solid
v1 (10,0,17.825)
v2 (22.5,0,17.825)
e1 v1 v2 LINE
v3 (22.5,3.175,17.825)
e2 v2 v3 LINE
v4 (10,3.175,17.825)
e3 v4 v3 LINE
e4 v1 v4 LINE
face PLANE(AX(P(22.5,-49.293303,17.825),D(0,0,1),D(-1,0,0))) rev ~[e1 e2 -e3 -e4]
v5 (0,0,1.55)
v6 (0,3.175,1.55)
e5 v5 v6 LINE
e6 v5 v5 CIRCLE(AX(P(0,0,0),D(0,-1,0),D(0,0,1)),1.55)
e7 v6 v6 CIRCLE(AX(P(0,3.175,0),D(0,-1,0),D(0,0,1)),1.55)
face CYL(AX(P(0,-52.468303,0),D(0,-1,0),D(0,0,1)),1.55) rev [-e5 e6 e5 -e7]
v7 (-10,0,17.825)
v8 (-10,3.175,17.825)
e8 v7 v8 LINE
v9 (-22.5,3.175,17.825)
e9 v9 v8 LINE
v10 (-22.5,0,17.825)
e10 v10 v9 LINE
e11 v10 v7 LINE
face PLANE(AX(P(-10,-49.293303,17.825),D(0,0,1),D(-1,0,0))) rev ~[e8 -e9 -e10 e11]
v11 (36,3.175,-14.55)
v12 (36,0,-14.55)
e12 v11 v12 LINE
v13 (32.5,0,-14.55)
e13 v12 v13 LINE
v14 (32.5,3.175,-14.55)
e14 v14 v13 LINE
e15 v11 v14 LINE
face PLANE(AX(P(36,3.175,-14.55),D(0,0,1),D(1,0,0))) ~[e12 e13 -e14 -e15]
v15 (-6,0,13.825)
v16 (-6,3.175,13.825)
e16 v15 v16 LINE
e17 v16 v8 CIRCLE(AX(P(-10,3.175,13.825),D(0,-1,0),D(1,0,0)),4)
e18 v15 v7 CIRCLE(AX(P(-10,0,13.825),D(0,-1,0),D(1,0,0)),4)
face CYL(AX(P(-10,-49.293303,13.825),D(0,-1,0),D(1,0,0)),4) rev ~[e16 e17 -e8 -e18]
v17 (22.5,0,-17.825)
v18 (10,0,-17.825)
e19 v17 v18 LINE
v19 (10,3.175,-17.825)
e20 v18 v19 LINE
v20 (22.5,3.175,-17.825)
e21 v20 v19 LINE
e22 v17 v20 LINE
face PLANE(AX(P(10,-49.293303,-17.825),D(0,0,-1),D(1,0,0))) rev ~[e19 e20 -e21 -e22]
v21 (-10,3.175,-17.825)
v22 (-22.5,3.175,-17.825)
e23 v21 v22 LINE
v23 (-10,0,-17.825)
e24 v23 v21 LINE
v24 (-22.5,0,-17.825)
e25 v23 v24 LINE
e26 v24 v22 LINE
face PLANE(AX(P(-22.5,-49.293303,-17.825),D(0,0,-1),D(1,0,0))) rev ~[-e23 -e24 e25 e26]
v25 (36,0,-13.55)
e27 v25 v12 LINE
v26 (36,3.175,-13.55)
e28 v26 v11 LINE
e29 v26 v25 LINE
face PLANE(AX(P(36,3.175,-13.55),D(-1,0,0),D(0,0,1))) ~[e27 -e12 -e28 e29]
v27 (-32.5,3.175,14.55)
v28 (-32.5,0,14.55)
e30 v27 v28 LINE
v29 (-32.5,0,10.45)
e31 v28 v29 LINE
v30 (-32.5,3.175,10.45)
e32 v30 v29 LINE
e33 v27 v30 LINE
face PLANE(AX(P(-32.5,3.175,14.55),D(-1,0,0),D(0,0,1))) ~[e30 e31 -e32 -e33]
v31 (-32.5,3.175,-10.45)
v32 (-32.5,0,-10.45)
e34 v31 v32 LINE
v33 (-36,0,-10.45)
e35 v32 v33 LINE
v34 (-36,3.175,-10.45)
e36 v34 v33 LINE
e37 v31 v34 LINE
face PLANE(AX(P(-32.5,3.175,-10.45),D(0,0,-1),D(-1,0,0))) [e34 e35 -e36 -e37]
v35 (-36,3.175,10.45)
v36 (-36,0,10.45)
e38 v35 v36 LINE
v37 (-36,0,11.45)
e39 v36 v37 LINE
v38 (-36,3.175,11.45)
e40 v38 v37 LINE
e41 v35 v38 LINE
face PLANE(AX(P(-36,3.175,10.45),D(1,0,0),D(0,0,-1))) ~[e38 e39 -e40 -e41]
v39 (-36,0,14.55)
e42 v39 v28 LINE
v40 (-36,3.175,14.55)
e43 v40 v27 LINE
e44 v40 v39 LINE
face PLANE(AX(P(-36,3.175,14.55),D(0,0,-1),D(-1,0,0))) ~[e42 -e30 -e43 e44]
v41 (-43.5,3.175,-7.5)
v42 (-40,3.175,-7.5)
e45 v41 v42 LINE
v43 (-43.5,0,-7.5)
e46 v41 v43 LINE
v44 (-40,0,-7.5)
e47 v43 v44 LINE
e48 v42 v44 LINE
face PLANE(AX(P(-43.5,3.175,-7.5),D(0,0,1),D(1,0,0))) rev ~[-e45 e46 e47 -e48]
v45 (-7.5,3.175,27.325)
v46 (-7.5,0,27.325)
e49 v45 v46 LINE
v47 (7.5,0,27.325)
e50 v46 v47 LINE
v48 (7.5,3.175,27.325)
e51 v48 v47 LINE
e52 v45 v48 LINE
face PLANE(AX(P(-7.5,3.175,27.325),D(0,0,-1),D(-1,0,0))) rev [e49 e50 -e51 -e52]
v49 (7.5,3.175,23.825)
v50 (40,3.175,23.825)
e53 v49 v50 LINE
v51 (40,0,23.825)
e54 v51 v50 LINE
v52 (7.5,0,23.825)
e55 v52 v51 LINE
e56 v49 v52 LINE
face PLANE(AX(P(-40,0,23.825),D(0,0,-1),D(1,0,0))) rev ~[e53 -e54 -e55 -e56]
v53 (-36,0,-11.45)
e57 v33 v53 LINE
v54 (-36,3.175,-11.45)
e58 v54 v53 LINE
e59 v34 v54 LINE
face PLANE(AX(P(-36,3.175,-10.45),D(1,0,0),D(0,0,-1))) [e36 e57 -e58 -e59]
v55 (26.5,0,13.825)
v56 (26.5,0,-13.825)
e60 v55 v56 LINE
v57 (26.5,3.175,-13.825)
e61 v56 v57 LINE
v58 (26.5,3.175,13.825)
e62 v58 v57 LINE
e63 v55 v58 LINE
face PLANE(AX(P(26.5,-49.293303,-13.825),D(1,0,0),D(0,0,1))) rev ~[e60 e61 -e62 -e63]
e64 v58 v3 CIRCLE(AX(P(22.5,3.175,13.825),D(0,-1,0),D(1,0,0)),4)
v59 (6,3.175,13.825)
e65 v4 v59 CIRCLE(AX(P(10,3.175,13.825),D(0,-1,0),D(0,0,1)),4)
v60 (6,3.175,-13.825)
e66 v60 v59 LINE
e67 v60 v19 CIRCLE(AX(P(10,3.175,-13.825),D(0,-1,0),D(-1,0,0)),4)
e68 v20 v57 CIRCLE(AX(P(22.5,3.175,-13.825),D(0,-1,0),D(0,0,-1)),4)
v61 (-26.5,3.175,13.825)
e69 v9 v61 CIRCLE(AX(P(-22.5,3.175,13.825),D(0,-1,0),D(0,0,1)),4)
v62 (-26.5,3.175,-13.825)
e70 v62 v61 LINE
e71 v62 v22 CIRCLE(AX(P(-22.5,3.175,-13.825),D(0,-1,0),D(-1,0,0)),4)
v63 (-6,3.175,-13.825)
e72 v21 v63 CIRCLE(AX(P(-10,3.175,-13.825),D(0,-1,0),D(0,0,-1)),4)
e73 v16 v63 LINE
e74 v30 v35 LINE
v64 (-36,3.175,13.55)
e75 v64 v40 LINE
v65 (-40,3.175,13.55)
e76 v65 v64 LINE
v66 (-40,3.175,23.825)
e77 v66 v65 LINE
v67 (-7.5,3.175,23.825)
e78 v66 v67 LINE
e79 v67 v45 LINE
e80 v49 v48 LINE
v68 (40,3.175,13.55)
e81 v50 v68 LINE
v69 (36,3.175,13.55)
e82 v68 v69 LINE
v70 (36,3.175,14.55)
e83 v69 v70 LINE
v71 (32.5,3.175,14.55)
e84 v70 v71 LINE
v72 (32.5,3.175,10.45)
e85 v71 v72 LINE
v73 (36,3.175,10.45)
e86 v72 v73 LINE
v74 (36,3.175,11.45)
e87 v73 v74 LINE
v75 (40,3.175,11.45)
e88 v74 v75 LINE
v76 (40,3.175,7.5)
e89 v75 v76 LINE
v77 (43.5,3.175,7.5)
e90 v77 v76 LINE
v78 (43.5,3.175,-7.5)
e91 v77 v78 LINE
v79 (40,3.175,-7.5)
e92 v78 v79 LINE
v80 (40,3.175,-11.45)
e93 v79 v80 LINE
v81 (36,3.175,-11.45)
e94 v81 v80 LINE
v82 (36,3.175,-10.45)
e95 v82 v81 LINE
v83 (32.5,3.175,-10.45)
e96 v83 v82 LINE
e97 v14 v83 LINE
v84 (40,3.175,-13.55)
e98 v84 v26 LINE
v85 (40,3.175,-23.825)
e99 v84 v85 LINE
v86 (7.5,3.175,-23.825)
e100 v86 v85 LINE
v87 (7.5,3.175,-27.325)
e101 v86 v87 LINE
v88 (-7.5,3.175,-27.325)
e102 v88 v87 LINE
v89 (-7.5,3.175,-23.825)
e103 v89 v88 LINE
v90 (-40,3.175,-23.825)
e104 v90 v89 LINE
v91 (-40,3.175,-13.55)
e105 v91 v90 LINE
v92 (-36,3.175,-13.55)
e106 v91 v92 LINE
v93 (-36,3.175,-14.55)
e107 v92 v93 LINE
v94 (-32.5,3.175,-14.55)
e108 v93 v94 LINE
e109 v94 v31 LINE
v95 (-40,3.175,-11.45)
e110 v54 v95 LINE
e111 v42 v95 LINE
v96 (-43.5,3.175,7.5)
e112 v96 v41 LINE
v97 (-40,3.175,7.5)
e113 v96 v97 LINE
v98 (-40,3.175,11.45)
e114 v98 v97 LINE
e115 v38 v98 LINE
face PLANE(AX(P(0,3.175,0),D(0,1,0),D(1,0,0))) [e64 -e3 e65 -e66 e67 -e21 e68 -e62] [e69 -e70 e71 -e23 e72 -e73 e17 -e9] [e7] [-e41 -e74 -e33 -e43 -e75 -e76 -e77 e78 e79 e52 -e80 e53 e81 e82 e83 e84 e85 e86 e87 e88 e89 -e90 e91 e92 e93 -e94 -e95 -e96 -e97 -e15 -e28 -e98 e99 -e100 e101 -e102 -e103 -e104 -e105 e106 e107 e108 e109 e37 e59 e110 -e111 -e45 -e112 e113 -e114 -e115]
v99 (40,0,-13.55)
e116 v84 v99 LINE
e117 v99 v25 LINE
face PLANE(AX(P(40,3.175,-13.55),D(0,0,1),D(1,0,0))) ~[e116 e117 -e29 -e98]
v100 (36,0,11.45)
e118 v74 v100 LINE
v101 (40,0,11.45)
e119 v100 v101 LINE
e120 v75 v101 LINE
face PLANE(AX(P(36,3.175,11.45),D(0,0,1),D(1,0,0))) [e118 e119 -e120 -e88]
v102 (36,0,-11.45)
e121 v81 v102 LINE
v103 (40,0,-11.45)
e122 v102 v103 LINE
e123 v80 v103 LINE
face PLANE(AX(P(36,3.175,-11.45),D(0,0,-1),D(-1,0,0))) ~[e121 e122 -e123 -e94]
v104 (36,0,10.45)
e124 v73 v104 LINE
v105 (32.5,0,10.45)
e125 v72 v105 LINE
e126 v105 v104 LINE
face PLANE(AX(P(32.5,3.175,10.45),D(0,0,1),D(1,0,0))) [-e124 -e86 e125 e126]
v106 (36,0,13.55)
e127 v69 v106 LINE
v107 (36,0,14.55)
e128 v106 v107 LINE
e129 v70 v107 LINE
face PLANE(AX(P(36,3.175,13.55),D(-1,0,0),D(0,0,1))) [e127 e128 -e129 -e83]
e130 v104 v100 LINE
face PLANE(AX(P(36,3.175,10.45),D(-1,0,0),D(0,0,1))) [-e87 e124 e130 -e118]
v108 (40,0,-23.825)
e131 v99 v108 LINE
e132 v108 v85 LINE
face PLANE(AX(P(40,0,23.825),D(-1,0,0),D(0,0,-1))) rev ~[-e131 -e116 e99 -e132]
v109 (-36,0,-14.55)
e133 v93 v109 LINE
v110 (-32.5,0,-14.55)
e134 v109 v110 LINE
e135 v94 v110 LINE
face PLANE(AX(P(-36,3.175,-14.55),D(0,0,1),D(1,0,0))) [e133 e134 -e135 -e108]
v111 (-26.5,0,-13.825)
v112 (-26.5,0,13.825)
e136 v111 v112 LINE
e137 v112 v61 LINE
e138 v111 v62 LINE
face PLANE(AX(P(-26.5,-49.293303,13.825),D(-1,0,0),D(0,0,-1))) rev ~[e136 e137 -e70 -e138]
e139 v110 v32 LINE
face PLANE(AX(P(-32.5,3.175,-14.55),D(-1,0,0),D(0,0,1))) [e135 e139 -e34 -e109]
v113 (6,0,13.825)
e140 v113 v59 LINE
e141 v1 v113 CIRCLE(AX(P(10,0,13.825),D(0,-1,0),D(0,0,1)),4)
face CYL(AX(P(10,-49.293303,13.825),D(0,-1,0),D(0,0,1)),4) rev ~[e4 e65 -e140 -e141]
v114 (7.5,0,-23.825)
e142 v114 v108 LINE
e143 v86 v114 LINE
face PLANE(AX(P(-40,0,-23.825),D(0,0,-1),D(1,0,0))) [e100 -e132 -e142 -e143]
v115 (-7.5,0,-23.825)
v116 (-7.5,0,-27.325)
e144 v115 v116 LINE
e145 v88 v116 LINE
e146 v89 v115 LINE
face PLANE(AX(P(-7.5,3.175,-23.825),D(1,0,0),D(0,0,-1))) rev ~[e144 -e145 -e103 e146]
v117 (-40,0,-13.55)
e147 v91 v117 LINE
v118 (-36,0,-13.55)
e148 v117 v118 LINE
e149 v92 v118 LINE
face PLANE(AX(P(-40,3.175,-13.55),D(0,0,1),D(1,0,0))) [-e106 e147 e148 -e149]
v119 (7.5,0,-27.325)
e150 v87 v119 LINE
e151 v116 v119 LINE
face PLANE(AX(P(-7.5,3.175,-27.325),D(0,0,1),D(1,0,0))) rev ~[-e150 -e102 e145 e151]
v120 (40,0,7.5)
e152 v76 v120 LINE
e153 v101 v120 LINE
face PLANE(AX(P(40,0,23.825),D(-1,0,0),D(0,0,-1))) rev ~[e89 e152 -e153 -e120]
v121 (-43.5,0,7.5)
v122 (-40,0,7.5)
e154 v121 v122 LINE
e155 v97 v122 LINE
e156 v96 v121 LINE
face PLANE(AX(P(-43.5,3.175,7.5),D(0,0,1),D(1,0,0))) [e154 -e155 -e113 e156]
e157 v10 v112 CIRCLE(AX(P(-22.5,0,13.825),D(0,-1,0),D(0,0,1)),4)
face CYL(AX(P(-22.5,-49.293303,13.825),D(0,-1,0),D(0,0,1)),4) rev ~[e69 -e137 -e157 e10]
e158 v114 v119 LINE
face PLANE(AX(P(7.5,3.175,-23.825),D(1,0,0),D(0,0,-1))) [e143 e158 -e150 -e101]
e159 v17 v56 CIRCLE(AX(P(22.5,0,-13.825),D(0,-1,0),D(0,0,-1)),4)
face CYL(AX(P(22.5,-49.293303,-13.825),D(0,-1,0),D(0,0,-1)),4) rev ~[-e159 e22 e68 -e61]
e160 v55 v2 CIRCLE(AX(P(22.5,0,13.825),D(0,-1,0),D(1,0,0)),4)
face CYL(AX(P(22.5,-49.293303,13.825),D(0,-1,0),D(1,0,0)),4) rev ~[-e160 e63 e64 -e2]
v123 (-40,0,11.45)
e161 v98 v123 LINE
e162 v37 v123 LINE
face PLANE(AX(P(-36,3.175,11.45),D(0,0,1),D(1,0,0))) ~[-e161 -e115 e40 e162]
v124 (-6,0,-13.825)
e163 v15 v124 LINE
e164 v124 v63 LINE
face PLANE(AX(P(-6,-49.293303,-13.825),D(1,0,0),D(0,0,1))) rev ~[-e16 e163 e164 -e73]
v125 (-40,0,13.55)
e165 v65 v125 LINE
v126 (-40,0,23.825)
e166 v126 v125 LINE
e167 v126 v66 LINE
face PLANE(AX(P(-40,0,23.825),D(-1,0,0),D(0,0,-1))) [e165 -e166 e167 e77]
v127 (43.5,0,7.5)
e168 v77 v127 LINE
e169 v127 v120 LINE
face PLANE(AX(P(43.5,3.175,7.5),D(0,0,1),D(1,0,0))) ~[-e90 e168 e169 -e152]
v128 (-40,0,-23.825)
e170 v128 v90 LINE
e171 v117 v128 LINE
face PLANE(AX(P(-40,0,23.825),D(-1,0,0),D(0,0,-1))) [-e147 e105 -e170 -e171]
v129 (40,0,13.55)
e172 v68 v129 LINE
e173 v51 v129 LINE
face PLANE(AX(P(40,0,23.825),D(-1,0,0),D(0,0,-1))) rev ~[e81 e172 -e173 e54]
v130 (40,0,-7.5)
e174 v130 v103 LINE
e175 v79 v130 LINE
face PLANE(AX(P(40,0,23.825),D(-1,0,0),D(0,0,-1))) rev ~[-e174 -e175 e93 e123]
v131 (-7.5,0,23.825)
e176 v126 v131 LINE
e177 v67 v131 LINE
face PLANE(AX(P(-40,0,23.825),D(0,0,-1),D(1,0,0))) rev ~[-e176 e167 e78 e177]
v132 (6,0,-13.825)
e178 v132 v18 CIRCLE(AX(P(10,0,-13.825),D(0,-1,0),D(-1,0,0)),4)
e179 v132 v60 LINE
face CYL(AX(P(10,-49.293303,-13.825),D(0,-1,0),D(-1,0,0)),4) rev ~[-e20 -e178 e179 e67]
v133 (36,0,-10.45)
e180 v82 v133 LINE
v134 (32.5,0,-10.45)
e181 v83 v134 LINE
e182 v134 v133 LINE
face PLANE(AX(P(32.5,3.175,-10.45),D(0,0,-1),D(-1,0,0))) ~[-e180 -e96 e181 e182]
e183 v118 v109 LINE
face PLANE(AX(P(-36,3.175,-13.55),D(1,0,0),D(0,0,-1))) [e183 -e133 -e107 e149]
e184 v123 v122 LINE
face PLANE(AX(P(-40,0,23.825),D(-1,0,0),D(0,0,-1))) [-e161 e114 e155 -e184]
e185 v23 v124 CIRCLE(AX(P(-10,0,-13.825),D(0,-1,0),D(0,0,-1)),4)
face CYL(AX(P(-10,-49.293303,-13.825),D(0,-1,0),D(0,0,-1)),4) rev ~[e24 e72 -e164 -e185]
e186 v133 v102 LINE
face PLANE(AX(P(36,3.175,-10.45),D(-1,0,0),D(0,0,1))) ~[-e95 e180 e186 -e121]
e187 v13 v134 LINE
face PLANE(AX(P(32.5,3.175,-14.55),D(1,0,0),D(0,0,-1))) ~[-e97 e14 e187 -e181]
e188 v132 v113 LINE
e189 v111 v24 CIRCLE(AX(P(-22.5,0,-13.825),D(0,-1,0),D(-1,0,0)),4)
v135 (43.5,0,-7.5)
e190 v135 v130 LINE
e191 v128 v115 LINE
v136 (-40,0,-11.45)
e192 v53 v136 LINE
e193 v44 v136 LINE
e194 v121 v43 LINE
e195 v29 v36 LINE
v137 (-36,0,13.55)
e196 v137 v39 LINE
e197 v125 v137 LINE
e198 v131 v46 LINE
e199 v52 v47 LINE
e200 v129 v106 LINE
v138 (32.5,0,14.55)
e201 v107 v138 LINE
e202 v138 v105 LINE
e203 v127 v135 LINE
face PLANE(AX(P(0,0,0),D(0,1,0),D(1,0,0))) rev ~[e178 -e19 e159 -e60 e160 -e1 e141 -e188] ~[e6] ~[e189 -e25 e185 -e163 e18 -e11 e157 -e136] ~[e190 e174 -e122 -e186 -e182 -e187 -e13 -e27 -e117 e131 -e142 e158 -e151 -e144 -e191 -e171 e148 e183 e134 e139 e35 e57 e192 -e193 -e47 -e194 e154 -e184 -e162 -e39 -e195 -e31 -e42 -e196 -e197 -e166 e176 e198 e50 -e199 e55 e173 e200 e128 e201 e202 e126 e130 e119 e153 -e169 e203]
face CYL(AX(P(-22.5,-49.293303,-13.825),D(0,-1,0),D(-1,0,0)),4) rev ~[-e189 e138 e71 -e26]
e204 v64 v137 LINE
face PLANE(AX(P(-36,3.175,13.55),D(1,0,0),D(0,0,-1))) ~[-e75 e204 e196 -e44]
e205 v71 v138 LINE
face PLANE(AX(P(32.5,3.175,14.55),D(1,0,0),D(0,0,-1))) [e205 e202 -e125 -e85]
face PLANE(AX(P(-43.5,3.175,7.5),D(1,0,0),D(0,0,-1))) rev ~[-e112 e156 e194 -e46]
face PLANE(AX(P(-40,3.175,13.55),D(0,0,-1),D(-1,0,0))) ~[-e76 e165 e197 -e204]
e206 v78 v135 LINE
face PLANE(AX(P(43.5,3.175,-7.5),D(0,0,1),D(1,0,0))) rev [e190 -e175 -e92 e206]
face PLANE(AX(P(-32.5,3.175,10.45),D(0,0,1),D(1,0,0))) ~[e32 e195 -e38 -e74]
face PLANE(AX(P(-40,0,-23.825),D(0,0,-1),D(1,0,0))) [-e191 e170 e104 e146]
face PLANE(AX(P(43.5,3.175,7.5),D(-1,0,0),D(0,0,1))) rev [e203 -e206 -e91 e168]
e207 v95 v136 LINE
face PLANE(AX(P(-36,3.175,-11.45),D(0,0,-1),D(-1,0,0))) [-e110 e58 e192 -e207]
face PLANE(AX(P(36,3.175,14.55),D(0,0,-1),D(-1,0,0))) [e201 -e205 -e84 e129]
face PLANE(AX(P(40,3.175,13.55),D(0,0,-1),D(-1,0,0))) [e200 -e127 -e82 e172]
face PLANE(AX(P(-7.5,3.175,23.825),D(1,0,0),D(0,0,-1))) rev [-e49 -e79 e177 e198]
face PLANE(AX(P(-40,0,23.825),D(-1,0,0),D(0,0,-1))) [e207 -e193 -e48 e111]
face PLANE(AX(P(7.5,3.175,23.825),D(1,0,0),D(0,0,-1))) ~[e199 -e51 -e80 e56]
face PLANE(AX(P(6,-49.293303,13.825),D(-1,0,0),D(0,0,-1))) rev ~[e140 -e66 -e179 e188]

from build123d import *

# Parameters (mm, degrees)
SKETCH2_W               = 80
SKETCH2_H               = 47.65
BOSS_EXTRUDE1_DEPTH     = 3.175
SKETCH3_W               = 15
SKETCH3_H               = 3.5
BOSS_EXTRUDE2_DEPTH     = 3.175
SKETCH4_W               = 3.5
SKETCH4_H               = 15
BOSS_EXTRUDE3_DEPTH     = 3.175
MIRROR2_COPY_1_SKETCH_W = 3.5
MIRROR2_COPY_1_SKETCH_H = 15
MIRROR2_COPY_1_DEPTH    = 3.175
MIRROR2_COPY_2_SKETCH_W = 3.5
MIRROR2_COPY_2_SKETCH_H = 15
MIRROR2_COPY_2_DEPTH    = 3.175
CUT_EXTRUDE1_DEPTH      = 10
MIRROR4_COPY_1_DEPTH    = 10
CUT_EXTRUDE6_DEPTH      = 52.468303353
CUT_EXTRUDE6_DEPTH_BACK = 52.468303353
SKETCH7_R               = 1.55
CUT_EXTRUDE7_DEPTH      = 52.468303353
CUT_EXTRUDE7_DEPTH_BACK = 52.468303353


with BuildPart() as part:
    # Sketch2 → Boss-Extrude1 (new body)
    with BuildSketch(Plane(origin=(0, 0, 0), x_dir=(1, 0, 0), z_dir=(0, 1, 0))):
        Rectangle(SKETCH2_W, SKETCH2_H)
    extrude(amount=BOSS_EXTRUDE1_DEPTH)

    # Sketch3 → Boss-Extrude2 (add)
    with BuildSketch(Plane(origin=(0, 3.175, 0), x_dir=(1, 0, 0), z_dir=(0, 1, 0))):
        with Locations((0, 25.575)):
            Rectangle(SKETCH3_W, SKETCH3_H)
    boss_extrude2 = extrude(amount=-BOSS_EXTRUDE2_DEPTH)

    # Sketch4 → Boss-Extrude3 (add)
    with BuildSketch(Plane(origin=(0, 3.175, 0), x_dir=(1, 0, 0), z_dir=(0, 1, 0))):
        with Locations((-41.75, 0)):
            Rectangle(SKETCH4_W, SKETCH4_H)
    boss_extrude3 = extrude(amount=-BOSS_EXTRUDE3_DEPTH)

    # Mirror1: Boss-Extrude3 across plane
    add(boss_extrude3.mirror(Plane(origin=(0, 0, 0), x_dir=(0, 0, 1), z_dir=(1, 0, 0))))

    # Mirror2: Boss-Extrude2 across plane
    add(boss_extrude2.mirror(Plane.XY))

    # Mirror2 copy 1 sketch → Mirror2 copy 1 (add)
    with BuildSketch(Plane(origin=(0, 3.175, 0), x_dir=(-1, 0, 0), z_dir=(0, 1, 0))):
        with Locations((-41.75, 0)):
            Rectangle(MIRROR2_COPY_1_SKETCH_W, MIRROR2_COPY_1_SKETCH_H)
    extrude(amount=-MIRROR2_COPY_1_DEPTH)

    # Mirror2 copy 2 sketch → Mirror2 copy 2 (add)
    with BuildSketch(Plane(origin=(0, 3.175, 0), x_dir=(1, 0, 0), z_dir=(0, 1, 0))):
        with Locations((-41.75, 0)):
            Rectangle(MIRROR2_COPY_2_SKETCH_W, MIRROR2_COPY_2_SKETCH_H)
    extrude(amount=-MIRROR2_COPY_2_DEPTH)

    # Sketch5 → Cut-Extrude1 (cut)
    with BuildSketch(Plane(origin=(0, 3.175, 0), x_dir=(1, 0, 0), z_dir=(0, 1, 0))):
        Polygon((-40, 13.55), (-36, 13.55), (-36, 14.55), (-32.5, 14.55), (-32.5, 10.45), (-36, 10.45), (-36, 11.45), (-40, 11.45), align=None)
    cut_extrude1 = extrude(amount=-CUT_EXTRUDE1_DEPTH, mode=Mode.SUBTRACT)

    # Mirror3: Cut-Extrude1 across plane
    add(cut_extrude1.mirror(Plane.XY), mode=Mode.SUBTRACT)

    # Mirror4: Cut-Extrude1 across plane
    add(cut_extrude1.mirror(Plane(origin=(0, 0, 0), x_dir=(0, 0, 1), z_dir=(1, 0, 0))), mode=Mode.SUBTRACT)

    # Mirror4 copy 1 sketch → Mirror4 copy 1 (cut)
    with BuildSketch(Plane(origin=(0, 3.175, 0), x_dir=(-1, 0, 0), z_dir=(0, 1, 0))):
        Polygon((-40, 13.55), (-36, 13.55), (-36, 14.55), (-32.5, 14.55), (-32.5, 10.45), (-36, 10.45), (-36, 11.45), (-40, 11.45), align=None)
    extrude(amount=-MIRROR4_COPY_1_DEPTH, mode=Mode.SUBTRACT)

    # Sketch7 → Cut-Extrude6 (cut, two sides: drawn at the far end of the back side and taken through both)
    with BuildSketch(Plane(origin=(0, 0, 0), x_dir=(1, 0, 0), z_dir=(0, 1, 0)).offset(-CUT_EXTRUDE6_DEPTH_BACK)):
        with Locations(Location((0, 0, 0), (0, 0, 270))):
            Circle(SKETCH7_R)
    extrude(amount=CUT_EXTRUDE6_DEPTH + CUT_EXTRUDE6_DEPTH_BACK, mode=Mode.SUBTRACT)

    # Sketch8 → Cut-Extrude7 (cut, two sides: drawn at the far end of the back side and taken through both)
    with BuildSketch(Plane(origin=(0, 3.175, 0), x_dir=(1, 0, 0), z_dir=(0, 1, 0)).offset(-CUT_EXTRUDE7_DEPTH_BACK)):
        with BuildLine():
            Line((-22.5, 17.825), (-10, 17.825))
            ThreePointArc((-10, 17.825), (-7.171572875, 16.653427125), (-6, 13.825))
            Line((-6, 13.825), (-6, -13.825))
            ThreePointArc((-6, -13.825), (-7.171572875, -16.653427125), (-10, -17.825))
            Line((-10, -17.825), (-22.5, -17.825))
            ThreePointArc((-22.5, -17.825), (-25.328427125, -16.653427125), (-26.5, -13.825))
            Line((-26.5, -13.825), (-26.5, 13.825))
            ThreePointArc((-26.5, 13.825), (-25.328427125, 16.653427125), (-22.5, 17.825))
        make_face()
        with BuildLine():
            Line((22.5, -17.825), (10, -17.825))
            ThreePointArc((10, -17.825), (7.171572875, -16.653427125), (6, -13.825))
            Line((6, -13.825), (6, 13.825))
            ThreePointArc((6, 13.825), (7.171572875, 16.653427125), (10, 17.825))
            Line((10, 17.825), (22.5, 17.825))
            ThreePointArc((22.5, 17.825), (25.328427125, 16.653427125), (26.5, 13.825))
            Line((26.5, 13.825), (26.5, -13.825))
            ThreePointArc((26.5, -13.825), (25.328427125, -16.653427125), (22.5, -17.825))
        make_face()
    extrude(amount=CUT_EXTRUDE7_DEPTH + CUT_EXTRUDE7_DEPTH_BACK, mode=Mode.SUBTRACT)


solid = part.part
